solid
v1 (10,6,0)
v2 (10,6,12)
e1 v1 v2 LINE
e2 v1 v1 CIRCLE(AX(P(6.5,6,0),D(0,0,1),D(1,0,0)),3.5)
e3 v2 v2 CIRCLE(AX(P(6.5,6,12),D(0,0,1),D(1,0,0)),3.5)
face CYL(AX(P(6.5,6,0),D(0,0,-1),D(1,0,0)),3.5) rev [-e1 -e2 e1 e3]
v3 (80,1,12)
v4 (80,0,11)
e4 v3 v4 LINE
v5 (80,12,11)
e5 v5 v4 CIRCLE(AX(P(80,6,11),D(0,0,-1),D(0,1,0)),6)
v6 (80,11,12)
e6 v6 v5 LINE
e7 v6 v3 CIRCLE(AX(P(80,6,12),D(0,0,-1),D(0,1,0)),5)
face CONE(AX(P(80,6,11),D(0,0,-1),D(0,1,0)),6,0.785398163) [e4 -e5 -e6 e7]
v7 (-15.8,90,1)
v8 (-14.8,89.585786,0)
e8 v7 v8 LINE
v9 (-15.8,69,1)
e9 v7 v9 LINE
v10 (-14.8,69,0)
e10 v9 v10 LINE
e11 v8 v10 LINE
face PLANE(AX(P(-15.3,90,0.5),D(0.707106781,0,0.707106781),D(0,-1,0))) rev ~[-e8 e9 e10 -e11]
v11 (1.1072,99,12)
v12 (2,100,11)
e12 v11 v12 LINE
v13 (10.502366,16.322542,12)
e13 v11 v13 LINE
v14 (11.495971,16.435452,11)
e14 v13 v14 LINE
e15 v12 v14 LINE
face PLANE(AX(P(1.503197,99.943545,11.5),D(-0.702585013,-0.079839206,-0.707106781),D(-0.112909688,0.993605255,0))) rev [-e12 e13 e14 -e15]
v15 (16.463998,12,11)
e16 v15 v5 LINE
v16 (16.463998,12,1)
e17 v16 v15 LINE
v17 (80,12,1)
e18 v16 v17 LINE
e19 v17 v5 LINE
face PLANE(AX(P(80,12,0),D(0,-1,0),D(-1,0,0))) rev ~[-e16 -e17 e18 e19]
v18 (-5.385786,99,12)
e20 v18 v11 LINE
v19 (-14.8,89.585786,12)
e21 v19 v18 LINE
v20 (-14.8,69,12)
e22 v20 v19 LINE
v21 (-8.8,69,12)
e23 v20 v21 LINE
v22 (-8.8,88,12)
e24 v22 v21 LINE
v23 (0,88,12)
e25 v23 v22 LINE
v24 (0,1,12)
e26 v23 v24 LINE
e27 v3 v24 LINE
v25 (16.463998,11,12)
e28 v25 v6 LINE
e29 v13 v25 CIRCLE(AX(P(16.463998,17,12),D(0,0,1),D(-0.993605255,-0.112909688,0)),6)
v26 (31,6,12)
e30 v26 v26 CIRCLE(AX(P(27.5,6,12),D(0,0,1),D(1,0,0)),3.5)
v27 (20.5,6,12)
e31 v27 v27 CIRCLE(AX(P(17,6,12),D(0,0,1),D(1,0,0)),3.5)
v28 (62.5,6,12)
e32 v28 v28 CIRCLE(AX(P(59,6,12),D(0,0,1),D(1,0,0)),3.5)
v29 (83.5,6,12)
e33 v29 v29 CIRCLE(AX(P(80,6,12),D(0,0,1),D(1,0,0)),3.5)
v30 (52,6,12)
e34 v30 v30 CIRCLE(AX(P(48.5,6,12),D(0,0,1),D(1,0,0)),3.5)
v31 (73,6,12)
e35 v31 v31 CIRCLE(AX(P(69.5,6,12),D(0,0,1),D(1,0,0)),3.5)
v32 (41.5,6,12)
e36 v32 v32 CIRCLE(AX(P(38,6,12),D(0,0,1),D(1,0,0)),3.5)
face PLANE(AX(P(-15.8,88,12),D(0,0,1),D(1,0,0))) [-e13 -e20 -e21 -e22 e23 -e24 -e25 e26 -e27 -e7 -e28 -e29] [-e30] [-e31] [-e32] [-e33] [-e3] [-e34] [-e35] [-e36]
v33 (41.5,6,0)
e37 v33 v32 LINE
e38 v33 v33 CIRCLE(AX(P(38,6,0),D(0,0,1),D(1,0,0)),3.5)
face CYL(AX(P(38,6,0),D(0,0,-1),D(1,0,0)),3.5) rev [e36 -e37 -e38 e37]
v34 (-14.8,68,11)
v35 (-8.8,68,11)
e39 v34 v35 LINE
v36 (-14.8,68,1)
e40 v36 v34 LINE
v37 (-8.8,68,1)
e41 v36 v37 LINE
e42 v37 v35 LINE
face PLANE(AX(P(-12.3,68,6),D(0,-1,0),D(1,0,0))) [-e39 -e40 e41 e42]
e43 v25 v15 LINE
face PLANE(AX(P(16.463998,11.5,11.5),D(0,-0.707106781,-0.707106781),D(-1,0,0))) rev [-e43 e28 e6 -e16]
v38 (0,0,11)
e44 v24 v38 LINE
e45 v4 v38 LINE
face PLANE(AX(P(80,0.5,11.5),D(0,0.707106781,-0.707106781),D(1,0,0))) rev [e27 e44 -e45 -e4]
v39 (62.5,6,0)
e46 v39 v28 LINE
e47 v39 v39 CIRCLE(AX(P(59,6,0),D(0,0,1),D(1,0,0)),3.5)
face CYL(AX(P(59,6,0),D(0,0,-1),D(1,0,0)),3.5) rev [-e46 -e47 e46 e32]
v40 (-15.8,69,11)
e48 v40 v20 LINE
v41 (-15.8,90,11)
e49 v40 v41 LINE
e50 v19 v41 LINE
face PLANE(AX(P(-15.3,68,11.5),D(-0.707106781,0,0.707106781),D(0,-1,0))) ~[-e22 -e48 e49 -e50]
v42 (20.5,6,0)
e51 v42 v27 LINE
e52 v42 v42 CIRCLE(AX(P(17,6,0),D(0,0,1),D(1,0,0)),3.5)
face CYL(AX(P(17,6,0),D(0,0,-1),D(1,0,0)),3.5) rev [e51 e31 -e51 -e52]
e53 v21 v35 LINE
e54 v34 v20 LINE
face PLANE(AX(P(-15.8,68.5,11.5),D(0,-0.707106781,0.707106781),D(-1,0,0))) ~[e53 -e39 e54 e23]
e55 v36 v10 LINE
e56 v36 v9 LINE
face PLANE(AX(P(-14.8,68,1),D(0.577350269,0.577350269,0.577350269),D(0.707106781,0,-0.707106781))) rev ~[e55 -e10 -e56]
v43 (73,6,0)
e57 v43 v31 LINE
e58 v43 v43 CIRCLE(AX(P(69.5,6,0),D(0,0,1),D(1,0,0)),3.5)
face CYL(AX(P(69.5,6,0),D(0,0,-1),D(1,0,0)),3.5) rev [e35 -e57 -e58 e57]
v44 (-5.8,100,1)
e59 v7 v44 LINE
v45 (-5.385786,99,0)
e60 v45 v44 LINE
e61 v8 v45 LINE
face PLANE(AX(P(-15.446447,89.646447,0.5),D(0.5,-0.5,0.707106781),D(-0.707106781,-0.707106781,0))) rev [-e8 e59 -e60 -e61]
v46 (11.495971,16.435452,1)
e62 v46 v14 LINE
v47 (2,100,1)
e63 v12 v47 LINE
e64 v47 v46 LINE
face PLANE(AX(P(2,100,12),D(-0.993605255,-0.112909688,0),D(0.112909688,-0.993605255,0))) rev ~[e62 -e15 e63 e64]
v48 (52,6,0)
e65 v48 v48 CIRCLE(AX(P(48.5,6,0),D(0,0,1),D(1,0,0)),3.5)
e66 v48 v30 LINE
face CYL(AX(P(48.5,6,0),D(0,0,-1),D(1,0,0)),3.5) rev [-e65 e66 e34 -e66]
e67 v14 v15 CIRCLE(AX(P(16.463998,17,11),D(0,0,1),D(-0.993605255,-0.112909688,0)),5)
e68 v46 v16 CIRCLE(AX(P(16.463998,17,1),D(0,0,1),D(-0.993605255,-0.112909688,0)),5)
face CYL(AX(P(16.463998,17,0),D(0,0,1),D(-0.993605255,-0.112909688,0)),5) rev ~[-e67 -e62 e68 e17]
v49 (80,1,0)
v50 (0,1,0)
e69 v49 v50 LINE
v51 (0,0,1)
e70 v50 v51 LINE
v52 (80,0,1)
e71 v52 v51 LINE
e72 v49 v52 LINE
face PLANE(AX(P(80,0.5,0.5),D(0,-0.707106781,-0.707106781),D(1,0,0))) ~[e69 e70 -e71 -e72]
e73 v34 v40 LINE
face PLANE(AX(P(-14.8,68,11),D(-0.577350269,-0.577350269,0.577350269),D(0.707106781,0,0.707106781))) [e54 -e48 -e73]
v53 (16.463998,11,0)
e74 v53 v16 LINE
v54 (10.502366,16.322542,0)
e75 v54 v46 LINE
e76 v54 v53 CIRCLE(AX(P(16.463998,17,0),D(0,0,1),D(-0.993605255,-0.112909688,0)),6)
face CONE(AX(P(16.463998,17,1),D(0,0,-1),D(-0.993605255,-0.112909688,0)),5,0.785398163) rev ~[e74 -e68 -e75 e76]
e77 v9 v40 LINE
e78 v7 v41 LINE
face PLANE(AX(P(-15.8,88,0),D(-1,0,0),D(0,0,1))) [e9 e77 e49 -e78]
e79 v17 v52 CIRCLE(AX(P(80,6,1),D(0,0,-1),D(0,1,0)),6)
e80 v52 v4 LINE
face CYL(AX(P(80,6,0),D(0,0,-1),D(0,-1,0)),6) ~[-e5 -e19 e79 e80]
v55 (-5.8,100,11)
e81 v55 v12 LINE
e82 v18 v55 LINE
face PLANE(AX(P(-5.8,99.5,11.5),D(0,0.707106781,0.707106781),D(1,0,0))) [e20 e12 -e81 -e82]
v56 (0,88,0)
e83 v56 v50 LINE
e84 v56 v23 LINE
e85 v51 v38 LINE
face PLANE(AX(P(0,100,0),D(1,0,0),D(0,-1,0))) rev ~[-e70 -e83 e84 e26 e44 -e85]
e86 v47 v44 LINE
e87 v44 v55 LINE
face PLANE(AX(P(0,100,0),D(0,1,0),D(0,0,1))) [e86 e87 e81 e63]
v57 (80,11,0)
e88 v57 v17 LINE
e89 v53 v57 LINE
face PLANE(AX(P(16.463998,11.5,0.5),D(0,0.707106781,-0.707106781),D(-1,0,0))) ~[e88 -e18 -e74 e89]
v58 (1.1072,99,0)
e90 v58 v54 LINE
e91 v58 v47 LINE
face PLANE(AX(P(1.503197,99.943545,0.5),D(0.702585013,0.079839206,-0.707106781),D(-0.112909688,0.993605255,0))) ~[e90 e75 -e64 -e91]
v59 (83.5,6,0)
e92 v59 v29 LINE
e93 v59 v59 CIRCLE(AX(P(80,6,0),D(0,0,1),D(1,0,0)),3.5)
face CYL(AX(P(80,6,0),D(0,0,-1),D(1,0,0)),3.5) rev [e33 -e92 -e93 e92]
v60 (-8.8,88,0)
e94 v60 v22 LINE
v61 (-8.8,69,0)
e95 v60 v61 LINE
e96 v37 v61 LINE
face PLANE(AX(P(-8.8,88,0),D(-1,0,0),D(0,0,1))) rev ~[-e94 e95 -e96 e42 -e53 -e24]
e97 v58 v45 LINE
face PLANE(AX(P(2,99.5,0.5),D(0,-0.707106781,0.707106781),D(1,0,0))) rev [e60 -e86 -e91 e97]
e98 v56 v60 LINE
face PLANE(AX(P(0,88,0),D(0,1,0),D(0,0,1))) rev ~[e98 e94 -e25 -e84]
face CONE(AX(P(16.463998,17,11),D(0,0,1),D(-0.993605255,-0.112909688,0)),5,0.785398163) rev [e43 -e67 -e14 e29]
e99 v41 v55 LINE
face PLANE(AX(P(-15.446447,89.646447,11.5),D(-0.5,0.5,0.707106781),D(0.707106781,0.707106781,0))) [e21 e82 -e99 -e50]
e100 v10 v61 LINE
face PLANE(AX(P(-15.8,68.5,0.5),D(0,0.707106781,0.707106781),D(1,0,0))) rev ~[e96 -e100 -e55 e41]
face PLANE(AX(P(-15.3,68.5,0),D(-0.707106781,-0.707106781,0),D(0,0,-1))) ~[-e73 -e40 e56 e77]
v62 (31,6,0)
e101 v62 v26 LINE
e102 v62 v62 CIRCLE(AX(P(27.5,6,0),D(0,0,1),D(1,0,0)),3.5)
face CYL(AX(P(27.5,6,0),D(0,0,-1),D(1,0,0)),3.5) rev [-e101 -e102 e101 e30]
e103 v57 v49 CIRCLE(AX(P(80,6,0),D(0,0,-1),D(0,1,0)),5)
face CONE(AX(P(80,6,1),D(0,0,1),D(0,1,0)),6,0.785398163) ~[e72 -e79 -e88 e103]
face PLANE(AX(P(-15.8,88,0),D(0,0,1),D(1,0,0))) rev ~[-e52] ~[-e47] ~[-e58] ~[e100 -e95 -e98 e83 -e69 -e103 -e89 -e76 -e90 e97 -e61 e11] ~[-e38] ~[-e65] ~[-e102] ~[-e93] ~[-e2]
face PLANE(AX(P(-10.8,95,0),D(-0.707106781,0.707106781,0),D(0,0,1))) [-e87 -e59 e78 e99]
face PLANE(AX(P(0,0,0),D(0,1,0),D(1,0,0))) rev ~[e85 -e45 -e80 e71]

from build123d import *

# Parameters (mm, degrees)
F0_R     = 3.5
F1_DEPTH = 12
F3_DEPTH = 25
F4_R     = 5
F5_W     = 12
F5_H     = 12
F6_DEPTH = 15.8
F7_W     = 7
F7_H     = 12
F8_DEPTH = 20
F9_SIZE  = 10
F10_SIZE = 1


with BuildPart() as f1:
    # F0 (on Top) → F1 (new body)
    with BuildSketch(Plane.XY):
        with BuildLine():
            Line((12, 100), (0, 100))
            Line((0, 100), (0, 0))
            Line((0, 0), (80, 0))
            ThreePointArc((80, 0), (86, 6), (80, 12))
            Line((80, 12), (12, 12))
            Line((12, 12), (12, 100))
        make_face()
        with Locations((6.5, 6)):
            Circle(F0_R, mode=Mode.SUBTRACT)
        with Locations((17, 6)):
            Circle(F0_R, mode=Mode.SUBTRACT)
        with Locations((27.5, 6)):
            Circle(F0_R, mode=Mode.SUBTRACT)
        with Locations((38, 6)):
            Circle(F0_R, mode=Mode.SUBTRACT)
        with Locations((48.5, 6)):
            Circle(F0_R, mode=Mode.SUBTRACT)
        with Locations((59, 6)):
            Circle(F0_R, mode=Mode.SUBTRACT)
        with Locations((69.5, 6)):
            Circle(F0_R, mode=Mode.SUBTRACT)
        with Locations((80, 6)):
            Circle(F0_R, mode=Mode.SUBTRACT)
    extrude(amount=F1_DEPTH)

    # F2 (on face) → F3 (cut)
    with BuildSketch(Plane.XY.offset(12)):
        Polygon((2, 100), (12, 12), (12, 100), align=None)
    extrude(amount=-F3_DEPTH, mode=Mode.SUBTRACT)

    # F4
    f4_edges = [f1.edges().sort_by_distance(p)[0] for p in [
        (12, 12, 6),
    ]]
    fillet(f4_edges, radius=F4_R)

    # F5 (on face) → F6 (join)
    with BuildSketch(Plane(origin=(0, 0, 0), x_dir=(0, -1, 0), z_dir=(-1, 0, 0))):
        with Locations((-94, 6)):
            Rectangle(F5_W, F5_H)
    extrude(amount=F6_DEPTH)

    # F7 (on face) → F8 (join)
    with BuildSketch(Plane.XZ.offset(-88)):
        with Locations((-12.3, 6)):
            Rectangle(F7_W, F7_H)
    extrude(amount=F8_DEPTH)

    # F9
    f9_edges = [f1.edges().sort_by_distance(p)[0] for p in [
        (-15.8, 100, 6),
    ]]
    chamfer(f9_edges, length=F9_SIZE)

    # F10
    f10_edges = [f1.edges().sort_by_distance(p)[0] for p in [
        (6.747986, 58.217726, 12),
        (6.747986, 58.217726, 0),
        (-1.9, 100, 12),
        (-10.8, 95, 12),
        (-15.8, 79, 12),
        (-1.9, 100, 0),
        (-10.8, 95, 0),
        (-15.8, 79, 0),
        (-15.8, 68, 6),
        (-12.3, 68, 12),
        (-12.3, 68, 0),
    ]]
    chamfer(f10_edges, length=F10_SIZE)


solid = f1.part
